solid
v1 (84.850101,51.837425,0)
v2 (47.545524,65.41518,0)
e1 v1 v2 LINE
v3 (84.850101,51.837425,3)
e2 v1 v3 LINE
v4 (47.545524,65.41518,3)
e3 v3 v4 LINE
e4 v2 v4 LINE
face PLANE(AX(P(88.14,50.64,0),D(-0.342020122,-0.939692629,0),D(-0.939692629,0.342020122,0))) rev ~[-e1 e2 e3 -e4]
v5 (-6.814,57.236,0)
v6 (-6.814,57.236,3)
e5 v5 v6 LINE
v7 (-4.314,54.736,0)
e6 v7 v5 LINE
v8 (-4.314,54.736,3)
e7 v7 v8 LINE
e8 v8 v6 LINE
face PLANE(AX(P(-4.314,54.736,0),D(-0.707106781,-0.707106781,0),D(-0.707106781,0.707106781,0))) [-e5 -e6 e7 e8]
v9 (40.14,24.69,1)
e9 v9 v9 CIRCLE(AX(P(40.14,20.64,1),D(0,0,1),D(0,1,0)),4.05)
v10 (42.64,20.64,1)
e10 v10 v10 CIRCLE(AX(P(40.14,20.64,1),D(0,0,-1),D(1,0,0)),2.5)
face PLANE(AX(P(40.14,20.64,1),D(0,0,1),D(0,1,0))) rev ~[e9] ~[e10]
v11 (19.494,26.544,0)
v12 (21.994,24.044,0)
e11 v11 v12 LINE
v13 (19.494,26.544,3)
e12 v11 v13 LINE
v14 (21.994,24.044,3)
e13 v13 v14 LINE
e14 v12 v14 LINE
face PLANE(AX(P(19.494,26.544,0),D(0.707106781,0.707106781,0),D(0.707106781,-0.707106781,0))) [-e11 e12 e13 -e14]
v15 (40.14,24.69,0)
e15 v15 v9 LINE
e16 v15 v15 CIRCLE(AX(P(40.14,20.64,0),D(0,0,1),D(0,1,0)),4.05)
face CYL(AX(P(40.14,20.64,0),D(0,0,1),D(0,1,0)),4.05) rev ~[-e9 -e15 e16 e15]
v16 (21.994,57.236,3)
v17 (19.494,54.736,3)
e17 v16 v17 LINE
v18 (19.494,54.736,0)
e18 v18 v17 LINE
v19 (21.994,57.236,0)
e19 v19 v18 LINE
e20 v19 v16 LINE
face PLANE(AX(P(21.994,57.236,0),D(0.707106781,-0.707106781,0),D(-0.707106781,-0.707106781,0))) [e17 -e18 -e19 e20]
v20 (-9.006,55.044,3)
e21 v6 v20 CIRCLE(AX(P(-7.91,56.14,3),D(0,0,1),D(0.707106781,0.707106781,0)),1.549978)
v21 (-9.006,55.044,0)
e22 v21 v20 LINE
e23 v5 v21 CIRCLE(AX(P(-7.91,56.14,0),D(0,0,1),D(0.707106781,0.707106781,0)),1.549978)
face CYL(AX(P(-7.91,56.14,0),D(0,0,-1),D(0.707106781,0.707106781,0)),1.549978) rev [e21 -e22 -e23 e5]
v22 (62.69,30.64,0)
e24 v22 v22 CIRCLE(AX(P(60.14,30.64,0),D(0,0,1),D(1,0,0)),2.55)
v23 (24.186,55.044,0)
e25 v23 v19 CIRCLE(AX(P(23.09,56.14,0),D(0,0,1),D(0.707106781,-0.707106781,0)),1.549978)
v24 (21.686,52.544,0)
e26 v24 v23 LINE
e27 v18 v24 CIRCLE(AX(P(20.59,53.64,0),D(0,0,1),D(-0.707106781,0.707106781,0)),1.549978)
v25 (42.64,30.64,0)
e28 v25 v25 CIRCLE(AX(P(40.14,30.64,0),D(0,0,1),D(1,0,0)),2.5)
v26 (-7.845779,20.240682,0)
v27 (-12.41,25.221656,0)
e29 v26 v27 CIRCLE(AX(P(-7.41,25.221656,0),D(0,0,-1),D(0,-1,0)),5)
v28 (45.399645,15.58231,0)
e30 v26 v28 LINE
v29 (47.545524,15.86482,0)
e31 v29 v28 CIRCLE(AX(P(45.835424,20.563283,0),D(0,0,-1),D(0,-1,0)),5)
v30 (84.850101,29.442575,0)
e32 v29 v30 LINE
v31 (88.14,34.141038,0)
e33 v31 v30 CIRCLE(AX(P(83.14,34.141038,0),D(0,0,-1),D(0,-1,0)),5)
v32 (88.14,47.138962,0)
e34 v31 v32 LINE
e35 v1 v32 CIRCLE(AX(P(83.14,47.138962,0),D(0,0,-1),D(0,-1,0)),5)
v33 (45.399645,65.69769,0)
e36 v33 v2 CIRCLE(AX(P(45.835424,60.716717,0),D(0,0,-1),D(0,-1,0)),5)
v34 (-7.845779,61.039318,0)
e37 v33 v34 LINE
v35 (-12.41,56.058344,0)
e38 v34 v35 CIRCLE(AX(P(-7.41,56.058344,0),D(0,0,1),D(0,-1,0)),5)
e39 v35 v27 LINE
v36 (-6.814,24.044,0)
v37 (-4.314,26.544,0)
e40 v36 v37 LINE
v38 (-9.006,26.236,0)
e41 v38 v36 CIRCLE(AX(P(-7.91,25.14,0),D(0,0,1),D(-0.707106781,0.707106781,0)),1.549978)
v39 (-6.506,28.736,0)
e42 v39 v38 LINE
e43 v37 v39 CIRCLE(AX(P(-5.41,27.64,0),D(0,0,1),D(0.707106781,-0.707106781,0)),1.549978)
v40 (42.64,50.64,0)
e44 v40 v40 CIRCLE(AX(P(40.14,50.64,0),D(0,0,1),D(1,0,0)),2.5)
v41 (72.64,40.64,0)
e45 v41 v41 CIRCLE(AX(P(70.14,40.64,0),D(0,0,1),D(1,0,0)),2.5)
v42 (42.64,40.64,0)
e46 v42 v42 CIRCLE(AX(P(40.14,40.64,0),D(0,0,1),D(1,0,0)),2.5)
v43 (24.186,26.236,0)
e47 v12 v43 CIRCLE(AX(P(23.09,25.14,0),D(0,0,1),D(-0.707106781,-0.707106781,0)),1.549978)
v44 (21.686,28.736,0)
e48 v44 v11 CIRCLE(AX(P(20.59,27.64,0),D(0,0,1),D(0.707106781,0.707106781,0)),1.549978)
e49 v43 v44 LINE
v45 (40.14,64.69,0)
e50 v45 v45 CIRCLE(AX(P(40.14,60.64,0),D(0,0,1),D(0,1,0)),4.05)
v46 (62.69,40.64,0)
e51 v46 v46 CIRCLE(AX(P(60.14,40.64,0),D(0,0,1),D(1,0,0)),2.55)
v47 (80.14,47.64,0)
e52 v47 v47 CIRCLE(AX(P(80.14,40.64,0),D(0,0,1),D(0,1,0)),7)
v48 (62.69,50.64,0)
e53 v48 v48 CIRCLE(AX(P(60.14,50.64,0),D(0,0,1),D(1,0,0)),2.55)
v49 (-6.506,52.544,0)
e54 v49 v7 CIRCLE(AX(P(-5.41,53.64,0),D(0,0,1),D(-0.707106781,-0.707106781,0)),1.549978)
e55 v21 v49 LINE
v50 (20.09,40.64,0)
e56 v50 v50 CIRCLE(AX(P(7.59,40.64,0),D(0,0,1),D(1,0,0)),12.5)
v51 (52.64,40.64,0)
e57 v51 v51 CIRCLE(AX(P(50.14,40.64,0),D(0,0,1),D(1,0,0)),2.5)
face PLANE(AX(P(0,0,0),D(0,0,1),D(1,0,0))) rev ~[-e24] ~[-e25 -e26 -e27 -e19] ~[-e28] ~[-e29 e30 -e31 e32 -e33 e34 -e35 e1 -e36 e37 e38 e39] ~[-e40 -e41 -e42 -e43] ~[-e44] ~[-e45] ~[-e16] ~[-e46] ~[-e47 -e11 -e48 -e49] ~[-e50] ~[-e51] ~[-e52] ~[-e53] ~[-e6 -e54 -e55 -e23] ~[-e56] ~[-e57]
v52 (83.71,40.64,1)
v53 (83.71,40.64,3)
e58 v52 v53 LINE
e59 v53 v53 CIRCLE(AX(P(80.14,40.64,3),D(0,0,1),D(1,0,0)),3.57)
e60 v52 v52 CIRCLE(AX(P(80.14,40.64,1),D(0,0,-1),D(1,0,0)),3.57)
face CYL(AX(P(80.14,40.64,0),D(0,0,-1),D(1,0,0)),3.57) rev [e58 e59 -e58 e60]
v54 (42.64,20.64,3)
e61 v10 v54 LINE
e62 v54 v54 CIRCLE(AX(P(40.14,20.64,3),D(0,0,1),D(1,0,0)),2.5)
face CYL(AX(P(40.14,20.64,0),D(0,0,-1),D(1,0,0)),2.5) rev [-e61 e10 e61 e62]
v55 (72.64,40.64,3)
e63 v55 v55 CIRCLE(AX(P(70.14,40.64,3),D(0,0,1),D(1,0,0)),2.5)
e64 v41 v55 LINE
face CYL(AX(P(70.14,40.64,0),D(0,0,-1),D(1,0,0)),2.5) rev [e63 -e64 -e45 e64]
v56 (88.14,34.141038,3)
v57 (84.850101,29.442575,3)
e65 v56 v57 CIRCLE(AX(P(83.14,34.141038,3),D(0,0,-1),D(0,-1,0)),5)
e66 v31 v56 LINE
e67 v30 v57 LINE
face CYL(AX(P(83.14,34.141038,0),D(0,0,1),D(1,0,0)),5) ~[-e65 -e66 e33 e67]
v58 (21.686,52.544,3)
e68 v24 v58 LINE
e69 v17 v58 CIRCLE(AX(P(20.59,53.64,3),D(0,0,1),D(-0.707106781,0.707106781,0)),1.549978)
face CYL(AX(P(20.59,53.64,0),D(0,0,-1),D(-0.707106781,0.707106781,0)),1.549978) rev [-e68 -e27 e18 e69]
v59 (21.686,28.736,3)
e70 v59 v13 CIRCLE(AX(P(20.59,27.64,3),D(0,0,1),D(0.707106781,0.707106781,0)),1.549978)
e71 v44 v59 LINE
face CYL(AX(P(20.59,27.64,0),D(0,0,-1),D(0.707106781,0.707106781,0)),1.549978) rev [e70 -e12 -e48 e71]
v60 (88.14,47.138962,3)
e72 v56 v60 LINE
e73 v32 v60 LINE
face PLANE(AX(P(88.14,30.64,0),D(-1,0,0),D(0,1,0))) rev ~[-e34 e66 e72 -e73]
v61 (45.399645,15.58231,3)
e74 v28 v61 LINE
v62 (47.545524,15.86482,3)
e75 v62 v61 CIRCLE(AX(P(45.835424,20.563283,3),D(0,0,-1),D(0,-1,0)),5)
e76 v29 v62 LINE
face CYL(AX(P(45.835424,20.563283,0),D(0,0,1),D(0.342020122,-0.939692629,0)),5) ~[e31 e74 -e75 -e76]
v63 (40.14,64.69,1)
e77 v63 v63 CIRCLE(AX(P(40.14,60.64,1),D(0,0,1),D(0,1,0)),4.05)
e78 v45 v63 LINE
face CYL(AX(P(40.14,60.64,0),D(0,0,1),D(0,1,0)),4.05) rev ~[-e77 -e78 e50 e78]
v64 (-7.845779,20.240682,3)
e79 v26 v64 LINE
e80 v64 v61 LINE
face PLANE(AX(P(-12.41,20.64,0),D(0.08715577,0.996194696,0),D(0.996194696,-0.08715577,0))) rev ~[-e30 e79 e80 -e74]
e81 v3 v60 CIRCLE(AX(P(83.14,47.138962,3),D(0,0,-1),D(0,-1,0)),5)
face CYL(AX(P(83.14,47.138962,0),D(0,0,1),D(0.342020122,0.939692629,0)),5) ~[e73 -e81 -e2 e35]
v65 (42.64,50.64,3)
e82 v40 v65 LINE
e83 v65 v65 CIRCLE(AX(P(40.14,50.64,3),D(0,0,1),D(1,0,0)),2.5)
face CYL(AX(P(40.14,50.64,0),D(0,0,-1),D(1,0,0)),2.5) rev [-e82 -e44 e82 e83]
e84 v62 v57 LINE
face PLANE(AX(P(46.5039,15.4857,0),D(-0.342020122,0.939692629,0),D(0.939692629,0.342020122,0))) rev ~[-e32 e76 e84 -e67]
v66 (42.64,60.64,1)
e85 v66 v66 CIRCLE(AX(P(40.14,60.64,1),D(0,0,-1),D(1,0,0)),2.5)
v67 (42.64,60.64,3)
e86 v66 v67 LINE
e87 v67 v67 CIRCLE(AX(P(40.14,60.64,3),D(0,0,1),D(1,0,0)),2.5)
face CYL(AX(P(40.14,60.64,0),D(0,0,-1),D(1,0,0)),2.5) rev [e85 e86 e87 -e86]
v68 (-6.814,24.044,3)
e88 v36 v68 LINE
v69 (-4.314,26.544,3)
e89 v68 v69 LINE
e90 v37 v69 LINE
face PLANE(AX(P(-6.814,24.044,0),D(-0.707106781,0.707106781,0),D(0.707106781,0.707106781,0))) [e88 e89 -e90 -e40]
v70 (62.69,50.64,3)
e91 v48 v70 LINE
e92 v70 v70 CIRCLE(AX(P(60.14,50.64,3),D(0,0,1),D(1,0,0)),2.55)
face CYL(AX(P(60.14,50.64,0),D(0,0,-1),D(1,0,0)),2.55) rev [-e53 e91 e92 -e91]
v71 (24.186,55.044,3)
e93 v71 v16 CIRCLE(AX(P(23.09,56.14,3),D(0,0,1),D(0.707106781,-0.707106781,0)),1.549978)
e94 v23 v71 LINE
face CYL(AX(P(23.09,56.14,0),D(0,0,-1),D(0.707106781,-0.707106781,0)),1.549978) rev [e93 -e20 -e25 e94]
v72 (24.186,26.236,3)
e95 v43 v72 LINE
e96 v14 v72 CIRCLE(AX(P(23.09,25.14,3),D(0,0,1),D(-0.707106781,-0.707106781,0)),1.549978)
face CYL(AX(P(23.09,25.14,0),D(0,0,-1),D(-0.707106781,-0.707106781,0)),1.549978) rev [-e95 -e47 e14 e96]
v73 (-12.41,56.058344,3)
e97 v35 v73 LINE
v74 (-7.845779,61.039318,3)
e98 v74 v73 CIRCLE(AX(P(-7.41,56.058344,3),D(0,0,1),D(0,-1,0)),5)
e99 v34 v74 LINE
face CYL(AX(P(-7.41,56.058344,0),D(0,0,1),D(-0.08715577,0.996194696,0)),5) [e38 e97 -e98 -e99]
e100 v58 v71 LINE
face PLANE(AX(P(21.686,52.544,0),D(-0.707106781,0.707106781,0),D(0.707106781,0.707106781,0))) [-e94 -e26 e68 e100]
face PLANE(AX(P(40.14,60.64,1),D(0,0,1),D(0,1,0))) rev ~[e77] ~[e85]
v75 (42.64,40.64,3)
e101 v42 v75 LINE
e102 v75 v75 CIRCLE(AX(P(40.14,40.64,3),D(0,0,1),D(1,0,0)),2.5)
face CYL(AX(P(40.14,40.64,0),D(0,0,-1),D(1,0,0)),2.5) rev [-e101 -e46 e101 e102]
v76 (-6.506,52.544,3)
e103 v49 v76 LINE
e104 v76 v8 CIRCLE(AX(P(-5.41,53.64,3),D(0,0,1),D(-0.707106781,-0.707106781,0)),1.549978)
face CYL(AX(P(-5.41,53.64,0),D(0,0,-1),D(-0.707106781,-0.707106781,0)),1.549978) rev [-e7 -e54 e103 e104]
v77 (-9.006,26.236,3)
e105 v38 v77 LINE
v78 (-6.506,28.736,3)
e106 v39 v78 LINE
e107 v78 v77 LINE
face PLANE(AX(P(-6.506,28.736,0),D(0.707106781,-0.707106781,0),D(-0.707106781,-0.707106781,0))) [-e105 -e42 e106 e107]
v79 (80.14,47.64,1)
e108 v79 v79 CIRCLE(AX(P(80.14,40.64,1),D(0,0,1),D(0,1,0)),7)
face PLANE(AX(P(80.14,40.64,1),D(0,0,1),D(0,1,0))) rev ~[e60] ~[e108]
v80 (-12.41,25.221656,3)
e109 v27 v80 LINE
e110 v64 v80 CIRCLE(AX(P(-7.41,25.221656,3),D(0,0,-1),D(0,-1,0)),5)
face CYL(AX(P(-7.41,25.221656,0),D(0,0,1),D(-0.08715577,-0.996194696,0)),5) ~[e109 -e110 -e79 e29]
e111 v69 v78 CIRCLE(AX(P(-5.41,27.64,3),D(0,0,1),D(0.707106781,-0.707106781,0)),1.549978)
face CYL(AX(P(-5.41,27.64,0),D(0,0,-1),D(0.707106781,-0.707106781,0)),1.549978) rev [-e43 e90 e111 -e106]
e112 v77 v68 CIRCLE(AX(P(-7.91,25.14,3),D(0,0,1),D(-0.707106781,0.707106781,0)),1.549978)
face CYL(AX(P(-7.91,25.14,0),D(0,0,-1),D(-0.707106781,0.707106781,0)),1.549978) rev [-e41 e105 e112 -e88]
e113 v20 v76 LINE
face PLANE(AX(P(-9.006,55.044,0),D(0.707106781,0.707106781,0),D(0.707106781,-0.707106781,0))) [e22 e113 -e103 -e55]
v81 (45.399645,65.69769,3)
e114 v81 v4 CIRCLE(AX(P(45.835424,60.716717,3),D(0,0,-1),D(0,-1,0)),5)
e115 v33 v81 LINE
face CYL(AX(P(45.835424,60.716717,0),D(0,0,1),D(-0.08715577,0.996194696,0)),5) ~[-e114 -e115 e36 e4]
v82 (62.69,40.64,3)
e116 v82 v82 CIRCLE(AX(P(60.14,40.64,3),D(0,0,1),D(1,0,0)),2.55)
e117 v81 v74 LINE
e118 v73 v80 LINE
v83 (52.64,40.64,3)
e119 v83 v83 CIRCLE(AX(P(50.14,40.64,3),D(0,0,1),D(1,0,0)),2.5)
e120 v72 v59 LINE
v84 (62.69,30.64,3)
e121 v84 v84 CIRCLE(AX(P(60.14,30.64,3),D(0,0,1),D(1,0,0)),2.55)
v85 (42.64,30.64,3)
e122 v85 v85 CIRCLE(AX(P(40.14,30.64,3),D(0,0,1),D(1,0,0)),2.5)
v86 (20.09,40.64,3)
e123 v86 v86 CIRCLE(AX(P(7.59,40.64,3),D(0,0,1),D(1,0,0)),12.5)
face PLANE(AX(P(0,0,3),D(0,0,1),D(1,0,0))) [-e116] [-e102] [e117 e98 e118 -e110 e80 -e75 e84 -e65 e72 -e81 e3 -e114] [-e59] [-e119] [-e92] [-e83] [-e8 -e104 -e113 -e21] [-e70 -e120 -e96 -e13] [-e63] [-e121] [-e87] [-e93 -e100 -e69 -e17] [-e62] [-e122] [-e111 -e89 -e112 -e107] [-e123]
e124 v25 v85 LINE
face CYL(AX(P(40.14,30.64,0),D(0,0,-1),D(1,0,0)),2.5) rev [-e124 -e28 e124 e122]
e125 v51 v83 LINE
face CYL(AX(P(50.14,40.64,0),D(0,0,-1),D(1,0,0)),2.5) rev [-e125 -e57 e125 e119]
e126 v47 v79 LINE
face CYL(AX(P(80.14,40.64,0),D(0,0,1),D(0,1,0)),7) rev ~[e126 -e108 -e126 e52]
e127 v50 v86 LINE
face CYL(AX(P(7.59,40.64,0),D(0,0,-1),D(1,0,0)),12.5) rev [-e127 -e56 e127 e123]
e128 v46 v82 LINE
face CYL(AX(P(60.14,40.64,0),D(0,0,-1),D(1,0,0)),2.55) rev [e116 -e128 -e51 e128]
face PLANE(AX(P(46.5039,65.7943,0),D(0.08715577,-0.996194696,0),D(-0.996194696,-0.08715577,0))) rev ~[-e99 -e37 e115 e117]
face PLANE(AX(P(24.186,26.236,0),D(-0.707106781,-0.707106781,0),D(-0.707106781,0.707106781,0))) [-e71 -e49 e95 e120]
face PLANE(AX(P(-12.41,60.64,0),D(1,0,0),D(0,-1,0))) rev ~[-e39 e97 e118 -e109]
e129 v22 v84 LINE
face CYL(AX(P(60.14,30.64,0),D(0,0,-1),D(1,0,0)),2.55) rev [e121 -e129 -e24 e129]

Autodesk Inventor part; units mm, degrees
ref_plane "YZ Plane" through (0, 0, 0) normal (1, 0, 0) x (0, 1, 0)
ref_plane "XZ Plane" through (0, 0, 0) normal (0, 1, 0) x (-1, 0, 0)
ref_plane "XY Plane" through (0, 0, 0) normal (0, 0, 1) x (1, 0, 0)
sketch "Sketch1" plane through (0, 0, 0) normal (0, 0, 1) x (1, 0, 0)
  circle A0 centre (80.14, 40.64) radius 3.57 projected
  circle A1 centre (40.14, 40.64) radius 2.5 projected
  circle A2 centre (40.14, 50.64) radius 2.5 projected
  circle A3 centre (40.14, 60.64) radius 2.5 projected
  circle A4 centre (40.14, 30.64) radius 2.5 projected
  circle A5 centre (40.14, 20.64) radius 2.5 projected
  circle A6 centre (7.59, 40.64) radius 12.5 projected
  arc A7 (-4.314, 26.544) -> (-6.506, 28.736) centre (-5.41, 27.64) ccw projected
  line L0 (-6.814, 24.044) -> (-4.314, 26.544) projected
  arc A8 (-9.006, 26.236) -> (-6.814, 24.044) centre (-7.91, 25.14) ccw projected
  line L1 (-6.506, 28.736) -> (-9.006, 26.236) projected
  line L2 (-4.314, 54.736) -> (-6.814, 57.236) projected
  arc A9 (-6.506, 52.544) -> (-4.314, 54.736) centre (-5.41, 53.64) ccw projected
  line L3 (-9.006, 55.044) -> (-6.506, 52.544) projected
  arc A10 (-6.814, 57.236) -> (-9.006, 55.044) centre (-7.91, 56.14) ccw projected
  line L4 (21.994, 57.236) -> (19.494, 54.736) projected
  arc A11 (19.494, 54.736) -> (21.686, 52.544) centre (20.59, 53.64) ccw projected
  line L5 (21.686, 52.544) -> (24.186, 55.044) projected
  arc A12 (24.186, 55.044) -> (21.994, 57.236) centre (23.09, 56.14) ccw projected
  line L6 (24.186, 26.236) -> (21.686, 28.736) projected
  arc A13 (21.686, 28.736) -> (19.494, 26.544) centre (20.59, 27.64) ccw projected
  line L7 (19.494, 26.544) -> (21.994, 24.044) projected
  arc A14 (21.994, 24.044) -> (24.186, 26.236) centre (23.09, 25.14) ccw projected
  circle A15 centre (60.14, 40.64) radius 2.55 projected
  circle A16 centre (60.14, 30.64) radius 2.55 projected
  circle A17 centre (70.14, 40.64) radius 2.5 projected
  circle A18 centre (60.14, 50.64) radius 2.55 projected
  circle A19 centre (50.14, 40.64) radius 2.5 projected
  line L8 (-12.41, 60.64) -> (-12.41, 20.64)
  line L9 (-12.41, 20.64) -> (46.5039, 15.4857)
  line L10 (46.5039, 15.4857) -> (88.14, 30.64)
  line L11 (88.14, 30.64) -> (88.14, 50.64)
  line L12 (88.14, 50.64) -> (46.5039, 65.7943)
  line L13 (46.5039, 65.7943) -> (-12.41, 60.64)
  point P0 (0, 0)
  dimension "d0" = 40
  dimension "d1" = 20
  dimension "d2" = 20
  dimension "d3" = 8
  dimension "d4" = 10
  dimension "d5" = 20
  dimension "d6" = 95
  dimension "d7" = 95
  dimension "d8" = 110
  dimension "d9" = 110
extrude "Extrusion1" add sketch "Sketch1" along normal blind 3
fillet "Fillet1" radius 5 6 edges at (-12.41, 20.64, 1.5) (46.5039, 15.4857, 1.5) (-12.41, 60.64, 1.5) (46.5039, 65.7943, 1.5) (88.14, 50.64, 1.5) (88.14, 30.64, 1.5)
sketch "Sketch2" plane through (0, 0, 0) normal (0, 0, -1) x (-1, 0, 0)
  circle A0 centre (-40.14, 20.64) radius 2.5 projected
  circle A1 centre (-80.14, 40.64) radius 3.57 projected
  circle A2 centre (-40.14, 60.64) radius 2.5 projected
  point P0 (0, 0)
hole "Hole1" at (40.14, 20.64, 0) at (40.14, 60.64, 0) direction (0, 0, 1) diameter 8.1 depth 1
sketch "Sketch3" plane through (0, 0, 0) normal (0, 0, -1) x (-1, 0, 0)
  circle A0 centre (-80.14, 40.64) radius 3.57 projected
  point P0 (0, 0)
hole "Hole2" at (80.14, 40.64, 0) direction (0, 0, 1) diameter 14 depth 1
equation "\"d7\" = d6"
properties part number "2020 Slider Motorized" material "Aluminum 6061"
